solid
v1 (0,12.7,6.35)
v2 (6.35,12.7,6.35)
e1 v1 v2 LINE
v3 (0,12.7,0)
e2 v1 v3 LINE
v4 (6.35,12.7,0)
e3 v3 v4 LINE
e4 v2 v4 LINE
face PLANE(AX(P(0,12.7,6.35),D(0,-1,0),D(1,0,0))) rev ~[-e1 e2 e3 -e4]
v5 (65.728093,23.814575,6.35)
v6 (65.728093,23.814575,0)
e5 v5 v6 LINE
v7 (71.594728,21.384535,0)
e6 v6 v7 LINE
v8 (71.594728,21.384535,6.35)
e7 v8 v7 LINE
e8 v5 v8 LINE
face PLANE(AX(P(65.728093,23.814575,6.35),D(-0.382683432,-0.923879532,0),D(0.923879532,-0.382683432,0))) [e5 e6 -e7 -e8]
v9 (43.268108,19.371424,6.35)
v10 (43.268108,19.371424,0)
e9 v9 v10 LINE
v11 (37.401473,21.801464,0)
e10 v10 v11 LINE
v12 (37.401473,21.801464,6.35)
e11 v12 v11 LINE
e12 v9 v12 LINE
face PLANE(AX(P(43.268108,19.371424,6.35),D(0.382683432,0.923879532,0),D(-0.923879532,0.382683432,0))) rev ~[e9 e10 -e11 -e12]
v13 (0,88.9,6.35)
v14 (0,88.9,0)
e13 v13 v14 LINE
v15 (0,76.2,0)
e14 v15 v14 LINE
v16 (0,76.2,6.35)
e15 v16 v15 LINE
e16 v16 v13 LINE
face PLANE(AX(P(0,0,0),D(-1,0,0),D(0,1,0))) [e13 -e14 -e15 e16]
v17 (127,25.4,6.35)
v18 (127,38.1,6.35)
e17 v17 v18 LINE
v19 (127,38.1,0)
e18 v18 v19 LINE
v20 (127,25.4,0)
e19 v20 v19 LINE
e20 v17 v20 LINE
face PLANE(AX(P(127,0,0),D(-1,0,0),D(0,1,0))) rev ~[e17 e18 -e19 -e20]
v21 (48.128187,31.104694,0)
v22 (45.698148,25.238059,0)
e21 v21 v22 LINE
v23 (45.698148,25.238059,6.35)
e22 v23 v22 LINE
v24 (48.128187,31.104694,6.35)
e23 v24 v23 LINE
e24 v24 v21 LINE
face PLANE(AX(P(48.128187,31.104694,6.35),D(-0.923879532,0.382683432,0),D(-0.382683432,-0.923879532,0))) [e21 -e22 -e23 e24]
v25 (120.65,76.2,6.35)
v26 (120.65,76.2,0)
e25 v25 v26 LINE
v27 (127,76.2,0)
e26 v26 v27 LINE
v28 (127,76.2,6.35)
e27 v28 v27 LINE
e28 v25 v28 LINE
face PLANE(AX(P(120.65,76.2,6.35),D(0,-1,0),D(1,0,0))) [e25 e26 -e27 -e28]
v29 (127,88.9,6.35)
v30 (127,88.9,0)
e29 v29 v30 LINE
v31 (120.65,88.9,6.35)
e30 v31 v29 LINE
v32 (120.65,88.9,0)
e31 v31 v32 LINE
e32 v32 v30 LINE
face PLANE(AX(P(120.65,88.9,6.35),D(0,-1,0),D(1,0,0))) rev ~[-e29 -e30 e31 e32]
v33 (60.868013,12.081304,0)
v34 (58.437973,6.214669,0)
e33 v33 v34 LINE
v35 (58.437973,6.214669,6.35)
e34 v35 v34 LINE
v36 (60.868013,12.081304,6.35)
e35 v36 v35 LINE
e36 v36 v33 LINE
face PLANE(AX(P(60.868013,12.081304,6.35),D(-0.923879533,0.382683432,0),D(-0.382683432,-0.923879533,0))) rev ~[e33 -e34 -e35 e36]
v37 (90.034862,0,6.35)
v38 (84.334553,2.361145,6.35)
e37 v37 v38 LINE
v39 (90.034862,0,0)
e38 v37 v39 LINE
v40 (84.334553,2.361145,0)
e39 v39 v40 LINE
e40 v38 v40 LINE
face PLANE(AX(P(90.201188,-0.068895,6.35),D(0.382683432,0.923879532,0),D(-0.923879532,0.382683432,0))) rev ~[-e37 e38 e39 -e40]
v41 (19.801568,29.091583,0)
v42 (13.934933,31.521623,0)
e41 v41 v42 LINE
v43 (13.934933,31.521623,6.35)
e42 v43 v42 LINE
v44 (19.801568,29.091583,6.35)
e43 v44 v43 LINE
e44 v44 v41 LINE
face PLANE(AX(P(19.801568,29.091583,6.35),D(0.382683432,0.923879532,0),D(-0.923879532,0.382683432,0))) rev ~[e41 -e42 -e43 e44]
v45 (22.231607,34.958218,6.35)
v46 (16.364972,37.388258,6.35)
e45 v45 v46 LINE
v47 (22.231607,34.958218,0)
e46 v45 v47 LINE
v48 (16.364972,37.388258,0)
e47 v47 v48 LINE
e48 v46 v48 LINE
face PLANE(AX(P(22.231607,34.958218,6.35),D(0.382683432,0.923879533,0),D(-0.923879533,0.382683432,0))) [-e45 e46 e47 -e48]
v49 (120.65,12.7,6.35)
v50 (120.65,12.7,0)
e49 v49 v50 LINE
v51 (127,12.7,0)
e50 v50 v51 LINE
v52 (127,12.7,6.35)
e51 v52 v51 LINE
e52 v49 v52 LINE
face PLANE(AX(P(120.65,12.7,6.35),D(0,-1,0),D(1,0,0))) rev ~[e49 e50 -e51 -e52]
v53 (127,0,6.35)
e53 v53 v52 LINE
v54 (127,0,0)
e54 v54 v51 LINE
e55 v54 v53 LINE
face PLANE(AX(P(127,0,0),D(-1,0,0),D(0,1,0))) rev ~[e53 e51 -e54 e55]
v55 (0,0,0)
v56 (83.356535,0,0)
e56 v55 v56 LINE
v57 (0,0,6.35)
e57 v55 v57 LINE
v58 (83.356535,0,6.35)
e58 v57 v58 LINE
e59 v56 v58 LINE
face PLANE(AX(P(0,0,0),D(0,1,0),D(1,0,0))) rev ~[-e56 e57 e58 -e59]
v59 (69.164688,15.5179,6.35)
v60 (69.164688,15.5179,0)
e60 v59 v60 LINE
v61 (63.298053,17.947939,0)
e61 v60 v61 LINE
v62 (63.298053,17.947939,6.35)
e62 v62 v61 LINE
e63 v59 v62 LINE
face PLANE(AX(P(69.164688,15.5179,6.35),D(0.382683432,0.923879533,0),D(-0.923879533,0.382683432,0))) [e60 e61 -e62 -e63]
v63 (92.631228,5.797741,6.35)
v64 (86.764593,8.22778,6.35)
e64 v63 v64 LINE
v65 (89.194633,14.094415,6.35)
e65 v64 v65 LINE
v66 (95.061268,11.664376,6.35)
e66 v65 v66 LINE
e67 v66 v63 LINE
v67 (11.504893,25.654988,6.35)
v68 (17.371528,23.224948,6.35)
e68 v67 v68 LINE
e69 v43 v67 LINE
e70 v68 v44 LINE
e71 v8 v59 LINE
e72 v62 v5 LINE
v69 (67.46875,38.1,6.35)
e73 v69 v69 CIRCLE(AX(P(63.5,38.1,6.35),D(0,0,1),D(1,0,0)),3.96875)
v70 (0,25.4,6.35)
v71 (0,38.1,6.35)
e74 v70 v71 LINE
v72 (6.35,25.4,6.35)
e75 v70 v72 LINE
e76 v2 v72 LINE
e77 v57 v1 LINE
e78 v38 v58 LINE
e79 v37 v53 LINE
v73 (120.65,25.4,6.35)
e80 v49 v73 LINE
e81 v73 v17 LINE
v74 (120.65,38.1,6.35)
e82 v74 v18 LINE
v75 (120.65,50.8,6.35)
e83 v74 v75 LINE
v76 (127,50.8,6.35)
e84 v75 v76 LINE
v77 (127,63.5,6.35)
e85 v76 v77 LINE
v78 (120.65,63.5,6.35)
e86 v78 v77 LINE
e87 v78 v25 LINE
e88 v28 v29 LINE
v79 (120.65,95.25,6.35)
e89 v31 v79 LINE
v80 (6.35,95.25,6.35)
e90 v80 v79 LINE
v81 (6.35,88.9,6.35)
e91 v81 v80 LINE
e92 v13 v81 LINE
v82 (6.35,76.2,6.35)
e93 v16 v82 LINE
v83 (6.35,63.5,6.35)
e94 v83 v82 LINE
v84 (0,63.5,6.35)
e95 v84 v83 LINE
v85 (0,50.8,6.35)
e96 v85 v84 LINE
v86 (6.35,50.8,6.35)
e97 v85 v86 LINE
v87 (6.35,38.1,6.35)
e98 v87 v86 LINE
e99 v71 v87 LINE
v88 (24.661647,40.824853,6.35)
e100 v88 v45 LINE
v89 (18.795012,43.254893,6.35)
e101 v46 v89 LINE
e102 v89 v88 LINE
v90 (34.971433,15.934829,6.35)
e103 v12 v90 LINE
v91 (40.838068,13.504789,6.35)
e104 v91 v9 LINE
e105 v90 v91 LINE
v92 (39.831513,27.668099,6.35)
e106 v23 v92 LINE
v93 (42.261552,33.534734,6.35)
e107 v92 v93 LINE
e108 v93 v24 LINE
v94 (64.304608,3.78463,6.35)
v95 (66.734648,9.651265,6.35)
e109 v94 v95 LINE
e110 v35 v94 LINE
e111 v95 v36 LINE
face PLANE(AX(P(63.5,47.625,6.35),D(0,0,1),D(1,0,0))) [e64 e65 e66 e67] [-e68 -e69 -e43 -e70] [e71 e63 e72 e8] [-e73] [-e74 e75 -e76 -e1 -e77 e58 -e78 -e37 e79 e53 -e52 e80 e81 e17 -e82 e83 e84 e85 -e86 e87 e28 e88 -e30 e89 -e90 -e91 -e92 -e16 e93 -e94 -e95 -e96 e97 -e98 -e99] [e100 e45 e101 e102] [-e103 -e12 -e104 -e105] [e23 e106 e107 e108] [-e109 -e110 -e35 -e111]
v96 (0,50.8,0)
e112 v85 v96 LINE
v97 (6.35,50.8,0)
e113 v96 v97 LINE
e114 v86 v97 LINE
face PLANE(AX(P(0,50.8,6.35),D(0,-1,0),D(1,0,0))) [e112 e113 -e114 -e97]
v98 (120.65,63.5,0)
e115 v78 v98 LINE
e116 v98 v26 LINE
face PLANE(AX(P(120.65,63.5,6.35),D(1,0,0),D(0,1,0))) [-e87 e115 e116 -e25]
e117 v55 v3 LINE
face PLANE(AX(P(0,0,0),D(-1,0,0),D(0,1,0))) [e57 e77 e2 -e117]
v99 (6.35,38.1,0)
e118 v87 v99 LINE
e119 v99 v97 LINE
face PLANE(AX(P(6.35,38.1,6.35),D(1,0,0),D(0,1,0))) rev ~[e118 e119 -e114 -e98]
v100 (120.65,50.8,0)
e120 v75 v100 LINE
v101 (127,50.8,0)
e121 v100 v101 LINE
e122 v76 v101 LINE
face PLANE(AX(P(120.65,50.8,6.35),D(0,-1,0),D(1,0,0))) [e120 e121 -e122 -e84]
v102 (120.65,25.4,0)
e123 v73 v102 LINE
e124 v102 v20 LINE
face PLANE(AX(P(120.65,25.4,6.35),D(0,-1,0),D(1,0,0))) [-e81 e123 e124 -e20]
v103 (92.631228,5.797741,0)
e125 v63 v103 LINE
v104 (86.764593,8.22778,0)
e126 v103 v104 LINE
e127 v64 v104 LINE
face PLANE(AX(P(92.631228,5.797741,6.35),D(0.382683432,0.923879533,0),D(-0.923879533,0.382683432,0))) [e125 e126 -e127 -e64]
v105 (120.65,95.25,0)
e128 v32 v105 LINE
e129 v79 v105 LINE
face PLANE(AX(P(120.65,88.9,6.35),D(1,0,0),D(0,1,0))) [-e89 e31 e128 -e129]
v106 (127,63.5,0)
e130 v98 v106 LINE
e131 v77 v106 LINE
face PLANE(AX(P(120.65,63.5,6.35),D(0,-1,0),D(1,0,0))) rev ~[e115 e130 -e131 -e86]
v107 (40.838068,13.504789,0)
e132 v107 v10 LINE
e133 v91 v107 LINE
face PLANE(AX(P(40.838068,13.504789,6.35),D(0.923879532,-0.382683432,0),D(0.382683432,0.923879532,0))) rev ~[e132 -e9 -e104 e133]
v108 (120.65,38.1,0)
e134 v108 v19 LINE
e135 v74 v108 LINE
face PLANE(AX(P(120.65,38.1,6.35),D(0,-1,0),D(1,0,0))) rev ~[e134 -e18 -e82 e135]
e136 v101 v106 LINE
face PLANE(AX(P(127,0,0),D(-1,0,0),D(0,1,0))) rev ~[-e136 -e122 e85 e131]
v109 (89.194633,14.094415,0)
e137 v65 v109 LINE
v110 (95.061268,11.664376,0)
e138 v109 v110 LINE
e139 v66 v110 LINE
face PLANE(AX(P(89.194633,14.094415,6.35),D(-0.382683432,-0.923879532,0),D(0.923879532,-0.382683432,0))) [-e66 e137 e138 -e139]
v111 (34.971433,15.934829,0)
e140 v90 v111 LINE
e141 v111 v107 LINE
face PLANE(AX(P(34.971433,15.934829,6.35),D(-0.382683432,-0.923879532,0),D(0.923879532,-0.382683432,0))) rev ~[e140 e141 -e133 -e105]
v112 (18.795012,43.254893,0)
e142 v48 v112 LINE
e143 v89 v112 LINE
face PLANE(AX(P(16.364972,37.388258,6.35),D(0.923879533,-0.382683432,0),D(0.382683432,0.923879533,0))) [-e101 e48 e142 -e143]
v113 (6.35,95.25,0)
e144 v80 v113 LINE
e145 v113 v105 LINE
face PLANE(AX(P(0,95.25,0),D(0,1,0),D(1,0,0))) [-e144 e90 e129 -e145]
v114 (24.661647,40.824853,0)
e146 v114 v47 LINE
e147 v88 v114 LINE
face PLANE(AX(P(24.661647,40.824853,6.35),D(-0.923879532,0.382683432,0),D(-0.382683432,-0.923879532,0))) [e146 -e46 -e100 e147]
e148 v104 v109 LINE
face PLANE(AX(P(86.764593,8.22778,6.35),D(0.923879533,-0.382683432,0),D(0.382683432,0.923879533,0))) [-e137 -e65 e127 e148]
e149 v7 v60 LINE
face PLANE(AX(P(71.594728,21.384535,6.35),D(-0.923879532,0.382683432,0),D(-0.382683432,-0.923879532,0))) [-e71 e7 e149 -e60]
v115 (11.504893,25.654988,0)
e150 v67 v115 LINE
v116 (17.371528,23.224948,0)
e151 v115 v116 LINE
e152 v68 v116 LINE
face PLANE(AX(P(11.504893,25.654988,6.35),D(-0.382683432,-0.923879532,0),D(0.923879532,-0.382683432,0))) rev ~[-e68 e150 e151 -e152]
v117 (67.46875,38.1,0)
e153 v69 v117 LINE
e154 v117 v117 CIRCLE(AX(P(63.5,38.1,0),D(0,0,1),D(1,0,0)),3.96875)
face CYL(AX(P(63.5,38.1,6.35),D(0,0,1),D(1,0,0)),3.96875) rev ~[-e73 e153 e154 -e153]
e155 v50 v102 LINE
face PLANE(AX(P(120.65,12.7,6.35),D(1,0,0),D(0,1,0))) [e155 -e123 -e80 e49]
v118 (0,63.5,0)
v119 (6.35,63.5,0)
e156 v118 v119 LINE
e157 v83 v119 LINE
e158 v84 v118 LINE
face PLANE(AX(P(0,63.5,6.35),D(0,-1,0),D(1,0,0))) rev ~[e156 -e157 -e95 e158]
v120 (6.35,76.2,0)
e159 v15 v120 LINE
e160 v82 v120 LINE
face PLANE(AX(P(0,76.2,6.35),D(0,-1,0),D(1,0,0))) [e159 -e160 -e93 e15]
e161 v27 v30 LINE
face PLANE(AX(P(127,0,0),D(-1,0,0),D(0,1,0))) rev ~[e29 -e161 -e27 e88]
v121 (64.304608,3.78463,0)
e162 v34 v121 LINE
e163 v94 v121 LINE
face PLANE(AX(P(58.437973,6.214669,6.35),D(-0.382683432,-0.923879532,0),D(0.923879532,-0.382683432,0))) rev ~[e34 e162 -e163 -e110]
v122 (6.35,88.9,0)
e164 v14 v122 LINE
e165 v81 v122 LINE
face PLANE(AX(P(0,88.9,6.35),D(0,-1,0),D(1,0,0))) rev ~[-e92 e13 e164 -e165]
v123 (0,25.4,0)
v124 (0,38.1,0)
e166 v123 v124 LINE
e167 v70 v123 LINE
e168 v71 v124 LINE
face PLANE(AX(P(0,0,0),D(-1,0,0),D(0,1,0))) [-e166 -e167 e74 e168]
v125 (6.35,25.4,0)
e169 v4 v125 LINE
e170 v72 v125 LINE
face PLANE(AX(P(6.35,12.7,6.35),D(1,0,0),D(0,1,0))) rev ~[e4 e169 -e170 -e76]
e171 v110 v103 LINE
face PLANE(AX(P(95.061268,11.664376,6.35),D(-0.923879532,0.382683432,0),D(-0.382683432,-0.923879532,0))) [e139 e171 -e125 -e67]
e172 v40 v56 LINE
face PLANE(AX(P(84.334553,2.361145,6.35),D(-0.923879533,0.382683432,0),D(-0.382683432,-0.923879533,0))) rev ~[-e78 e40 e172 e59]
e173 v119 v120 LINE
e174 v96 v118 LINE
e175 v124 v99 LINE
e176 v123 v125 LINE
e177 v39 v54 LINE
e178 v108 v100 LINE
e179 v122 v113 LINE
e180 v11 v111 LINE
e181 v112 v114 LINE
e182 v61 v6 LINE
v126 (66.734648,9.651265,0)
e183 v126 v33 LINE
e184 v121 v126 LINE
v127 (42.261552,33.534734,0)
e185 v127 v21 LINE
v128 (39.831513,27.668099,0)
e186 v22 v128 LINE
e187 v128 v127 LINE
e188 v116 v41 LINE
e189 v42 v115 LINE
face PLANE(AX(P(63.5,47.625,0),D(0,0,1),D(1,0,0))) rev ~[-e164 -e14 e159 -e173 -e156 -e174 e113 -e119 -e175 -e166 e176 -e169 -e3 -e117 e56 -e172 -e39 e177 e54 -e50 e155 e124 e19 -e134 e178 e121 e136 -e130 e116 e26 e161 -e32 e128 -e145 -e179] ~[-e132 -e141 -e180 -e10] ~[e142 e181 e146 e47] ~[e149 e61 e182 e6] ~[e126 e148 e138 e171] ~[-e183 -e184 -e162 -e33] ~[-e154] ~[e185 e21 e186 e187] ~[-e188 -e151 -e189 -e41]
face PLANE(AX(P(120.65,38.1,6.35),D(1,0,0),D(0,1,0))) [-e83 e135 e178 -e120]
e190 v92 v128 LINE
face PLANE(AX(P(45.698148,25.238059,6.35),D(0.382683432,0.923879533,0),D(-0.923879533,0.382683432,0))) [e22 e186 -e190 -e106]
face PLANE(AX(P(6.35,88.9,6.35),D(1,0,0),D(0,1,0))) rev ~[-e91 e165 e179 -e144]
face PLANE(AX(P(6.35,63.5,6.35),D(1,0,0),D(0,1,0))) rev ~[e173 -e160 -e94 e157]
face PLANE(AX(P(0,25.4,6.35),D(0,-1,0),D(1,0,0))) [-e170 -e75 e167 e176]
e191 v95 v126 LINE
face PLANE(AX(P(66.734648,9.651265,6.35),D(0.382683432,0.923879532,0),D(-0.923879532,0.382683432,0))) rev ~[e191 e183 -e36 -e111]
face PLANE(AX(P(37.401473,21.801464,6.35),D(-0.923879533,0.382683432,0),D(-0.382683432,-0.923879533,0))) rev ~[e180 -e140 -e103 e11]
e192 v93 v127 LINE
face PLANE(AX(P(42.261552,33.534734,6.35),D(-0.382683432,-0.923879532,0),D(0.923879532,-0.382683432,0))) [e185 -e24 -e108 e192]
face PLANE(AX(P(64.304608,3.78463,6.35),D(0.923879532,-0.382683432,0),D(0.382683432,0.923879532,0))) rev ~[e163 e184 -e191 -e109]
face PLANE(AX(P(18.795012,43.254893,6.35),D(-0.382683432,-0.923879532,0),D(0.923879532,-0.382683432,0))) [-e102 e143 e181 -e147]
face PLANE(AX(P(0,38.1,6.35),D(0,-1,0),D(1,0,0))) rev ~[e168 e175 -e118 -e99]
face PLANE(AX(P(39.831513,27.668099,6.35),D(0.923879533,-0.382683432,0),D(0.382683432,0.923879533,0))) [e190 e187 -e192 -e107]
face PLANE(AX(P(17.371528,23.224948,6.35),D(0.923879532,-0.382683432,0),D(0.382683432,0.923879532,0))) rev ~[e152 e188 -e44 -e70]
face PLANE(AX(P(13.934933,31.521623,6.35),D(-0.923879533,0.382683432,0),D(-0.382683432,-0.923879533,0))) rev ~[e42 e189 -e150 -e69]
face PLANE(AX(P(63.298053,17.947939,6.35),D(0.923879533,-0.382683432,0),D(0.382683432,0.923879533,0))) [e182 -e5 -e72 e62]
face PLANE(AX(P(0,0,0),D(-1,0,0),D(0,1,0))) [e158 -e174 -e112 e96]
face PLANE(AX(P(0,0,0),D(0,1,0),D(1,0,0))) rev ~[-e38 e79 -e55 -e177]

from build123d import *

# Parameters (mm, degrees)
SKETCH1_W           = 127
SKETCH1_H           = 95.25
BOSS_EXTRUDE1_DEPTH = 6.35
SKETCH2_R           = 3.96875
CUT_EXTRUDE1_DEPTH  = 7.35
SKETCH3_W           = 6.35
SKETCH3_H           = 12.7
CUT_EXTRUDE2_DEPTH  = 7.35
SKETCH4_W           = 6.35
SKETCH4_H           = 12.7
CUT_EXTRUDE3_DEPTH  = 7.35
LPATTERN1_COUNT     = 4
LPATTERN1_PITCH     = 25.4
CUT_EXTRUDE4_DEPTH  = 7.35
LPATTERN2_COUNT     = 4
LPATTERN2_PITCH     = 25.4


with BuildPart() as part:
    # Sketch1 → Boss-Extrude1 (new body)
    with BuildSketch(Plane.XY):
        with Locations((63.5, 47.625)):
            Rectangle(SKETCH1_W, SKETCH1_H)
    extrude(amount=BOSS_EXTRUDE1_DEPTH)

    # Sketch2 → Cut-Extrude1 (cut, through all)
    with BuildSketch(Plane.XY.offset(6.35)):
        with Locations((63.5, 38.1)):
            Circle(SKETCH2_R)
    extrude(amount=-CUT_EXTRUDE1_DEPTH, mode=Mode.SUBTRACT)

    # Sketch3 → Cut-Extrude2 (cut, through all)
    with BuildSketch(Plane.XY.offset(6.35)):
        with Locations((3.175, 19.05)):
            Rectangle(SKETCH3_W, SKETCH3_H)
    cut_extrude2 = extrude(amount=-CUT_EXTRUDE2_DEPTH, mode=Mode.SUBTRACT)

    # Sketch4 → Cut-Extrude3 (cut, through all)
    with BuildSketch(Plane.XY.offset(6.35)):
        with Locations((123.825, 19.05)):
            Rectangle(SKETCH4_W, SKETCH4_H)
    cut_extrude3 = extrude(amount=-CUT_EXTRUDE3_DEPTH, mode=Mode.SUBTRACT)

    # LPattern1: Cut-Extrude2, Cut-Extrude3 ×4
    with Locations(*[(0, i * LPATTERN1_PITCH, 0) for i in range(1, LPATTERN1_COUNT)]):
        add(cut_extrude2, mode=Mode.SUBTRACT)
        add(cut_extrude3, mode=Mode.SUBTRACT)

    # Sketch5 → Cut-Extrude4 (cut, through all)
    with BuildSketch(Plane.XY.offset(6.35)):
        Polygon((24.661647272, 40.824853058), (22.231607476, 34.958218027), (16.364972445, 37.388257822), (18.79501224, 43.254892854), align=None)
        Polygon((17.371527885, 23.224947964), (19.801567681, 29.091582995), (13.934932649, 31.521622791), (11.504892854, 25.65498776), align=None)
    cut_extrude4 = extrude(amount=-CUT_EXTRUDE4_DEPTH, mode=Mode.SUBTRACT)

    # LPattern2: Cut-Extrude4 ×4
    with Locations(*[Vector(0.923879533, -0.382683432, 0) * (i * LPATTERN2_PITCH) for i in range(1, LPATTERN2_COUNT)]):
        add(cut_extrude4, mode=Mode.SUBTRACT)


solid = part.part
